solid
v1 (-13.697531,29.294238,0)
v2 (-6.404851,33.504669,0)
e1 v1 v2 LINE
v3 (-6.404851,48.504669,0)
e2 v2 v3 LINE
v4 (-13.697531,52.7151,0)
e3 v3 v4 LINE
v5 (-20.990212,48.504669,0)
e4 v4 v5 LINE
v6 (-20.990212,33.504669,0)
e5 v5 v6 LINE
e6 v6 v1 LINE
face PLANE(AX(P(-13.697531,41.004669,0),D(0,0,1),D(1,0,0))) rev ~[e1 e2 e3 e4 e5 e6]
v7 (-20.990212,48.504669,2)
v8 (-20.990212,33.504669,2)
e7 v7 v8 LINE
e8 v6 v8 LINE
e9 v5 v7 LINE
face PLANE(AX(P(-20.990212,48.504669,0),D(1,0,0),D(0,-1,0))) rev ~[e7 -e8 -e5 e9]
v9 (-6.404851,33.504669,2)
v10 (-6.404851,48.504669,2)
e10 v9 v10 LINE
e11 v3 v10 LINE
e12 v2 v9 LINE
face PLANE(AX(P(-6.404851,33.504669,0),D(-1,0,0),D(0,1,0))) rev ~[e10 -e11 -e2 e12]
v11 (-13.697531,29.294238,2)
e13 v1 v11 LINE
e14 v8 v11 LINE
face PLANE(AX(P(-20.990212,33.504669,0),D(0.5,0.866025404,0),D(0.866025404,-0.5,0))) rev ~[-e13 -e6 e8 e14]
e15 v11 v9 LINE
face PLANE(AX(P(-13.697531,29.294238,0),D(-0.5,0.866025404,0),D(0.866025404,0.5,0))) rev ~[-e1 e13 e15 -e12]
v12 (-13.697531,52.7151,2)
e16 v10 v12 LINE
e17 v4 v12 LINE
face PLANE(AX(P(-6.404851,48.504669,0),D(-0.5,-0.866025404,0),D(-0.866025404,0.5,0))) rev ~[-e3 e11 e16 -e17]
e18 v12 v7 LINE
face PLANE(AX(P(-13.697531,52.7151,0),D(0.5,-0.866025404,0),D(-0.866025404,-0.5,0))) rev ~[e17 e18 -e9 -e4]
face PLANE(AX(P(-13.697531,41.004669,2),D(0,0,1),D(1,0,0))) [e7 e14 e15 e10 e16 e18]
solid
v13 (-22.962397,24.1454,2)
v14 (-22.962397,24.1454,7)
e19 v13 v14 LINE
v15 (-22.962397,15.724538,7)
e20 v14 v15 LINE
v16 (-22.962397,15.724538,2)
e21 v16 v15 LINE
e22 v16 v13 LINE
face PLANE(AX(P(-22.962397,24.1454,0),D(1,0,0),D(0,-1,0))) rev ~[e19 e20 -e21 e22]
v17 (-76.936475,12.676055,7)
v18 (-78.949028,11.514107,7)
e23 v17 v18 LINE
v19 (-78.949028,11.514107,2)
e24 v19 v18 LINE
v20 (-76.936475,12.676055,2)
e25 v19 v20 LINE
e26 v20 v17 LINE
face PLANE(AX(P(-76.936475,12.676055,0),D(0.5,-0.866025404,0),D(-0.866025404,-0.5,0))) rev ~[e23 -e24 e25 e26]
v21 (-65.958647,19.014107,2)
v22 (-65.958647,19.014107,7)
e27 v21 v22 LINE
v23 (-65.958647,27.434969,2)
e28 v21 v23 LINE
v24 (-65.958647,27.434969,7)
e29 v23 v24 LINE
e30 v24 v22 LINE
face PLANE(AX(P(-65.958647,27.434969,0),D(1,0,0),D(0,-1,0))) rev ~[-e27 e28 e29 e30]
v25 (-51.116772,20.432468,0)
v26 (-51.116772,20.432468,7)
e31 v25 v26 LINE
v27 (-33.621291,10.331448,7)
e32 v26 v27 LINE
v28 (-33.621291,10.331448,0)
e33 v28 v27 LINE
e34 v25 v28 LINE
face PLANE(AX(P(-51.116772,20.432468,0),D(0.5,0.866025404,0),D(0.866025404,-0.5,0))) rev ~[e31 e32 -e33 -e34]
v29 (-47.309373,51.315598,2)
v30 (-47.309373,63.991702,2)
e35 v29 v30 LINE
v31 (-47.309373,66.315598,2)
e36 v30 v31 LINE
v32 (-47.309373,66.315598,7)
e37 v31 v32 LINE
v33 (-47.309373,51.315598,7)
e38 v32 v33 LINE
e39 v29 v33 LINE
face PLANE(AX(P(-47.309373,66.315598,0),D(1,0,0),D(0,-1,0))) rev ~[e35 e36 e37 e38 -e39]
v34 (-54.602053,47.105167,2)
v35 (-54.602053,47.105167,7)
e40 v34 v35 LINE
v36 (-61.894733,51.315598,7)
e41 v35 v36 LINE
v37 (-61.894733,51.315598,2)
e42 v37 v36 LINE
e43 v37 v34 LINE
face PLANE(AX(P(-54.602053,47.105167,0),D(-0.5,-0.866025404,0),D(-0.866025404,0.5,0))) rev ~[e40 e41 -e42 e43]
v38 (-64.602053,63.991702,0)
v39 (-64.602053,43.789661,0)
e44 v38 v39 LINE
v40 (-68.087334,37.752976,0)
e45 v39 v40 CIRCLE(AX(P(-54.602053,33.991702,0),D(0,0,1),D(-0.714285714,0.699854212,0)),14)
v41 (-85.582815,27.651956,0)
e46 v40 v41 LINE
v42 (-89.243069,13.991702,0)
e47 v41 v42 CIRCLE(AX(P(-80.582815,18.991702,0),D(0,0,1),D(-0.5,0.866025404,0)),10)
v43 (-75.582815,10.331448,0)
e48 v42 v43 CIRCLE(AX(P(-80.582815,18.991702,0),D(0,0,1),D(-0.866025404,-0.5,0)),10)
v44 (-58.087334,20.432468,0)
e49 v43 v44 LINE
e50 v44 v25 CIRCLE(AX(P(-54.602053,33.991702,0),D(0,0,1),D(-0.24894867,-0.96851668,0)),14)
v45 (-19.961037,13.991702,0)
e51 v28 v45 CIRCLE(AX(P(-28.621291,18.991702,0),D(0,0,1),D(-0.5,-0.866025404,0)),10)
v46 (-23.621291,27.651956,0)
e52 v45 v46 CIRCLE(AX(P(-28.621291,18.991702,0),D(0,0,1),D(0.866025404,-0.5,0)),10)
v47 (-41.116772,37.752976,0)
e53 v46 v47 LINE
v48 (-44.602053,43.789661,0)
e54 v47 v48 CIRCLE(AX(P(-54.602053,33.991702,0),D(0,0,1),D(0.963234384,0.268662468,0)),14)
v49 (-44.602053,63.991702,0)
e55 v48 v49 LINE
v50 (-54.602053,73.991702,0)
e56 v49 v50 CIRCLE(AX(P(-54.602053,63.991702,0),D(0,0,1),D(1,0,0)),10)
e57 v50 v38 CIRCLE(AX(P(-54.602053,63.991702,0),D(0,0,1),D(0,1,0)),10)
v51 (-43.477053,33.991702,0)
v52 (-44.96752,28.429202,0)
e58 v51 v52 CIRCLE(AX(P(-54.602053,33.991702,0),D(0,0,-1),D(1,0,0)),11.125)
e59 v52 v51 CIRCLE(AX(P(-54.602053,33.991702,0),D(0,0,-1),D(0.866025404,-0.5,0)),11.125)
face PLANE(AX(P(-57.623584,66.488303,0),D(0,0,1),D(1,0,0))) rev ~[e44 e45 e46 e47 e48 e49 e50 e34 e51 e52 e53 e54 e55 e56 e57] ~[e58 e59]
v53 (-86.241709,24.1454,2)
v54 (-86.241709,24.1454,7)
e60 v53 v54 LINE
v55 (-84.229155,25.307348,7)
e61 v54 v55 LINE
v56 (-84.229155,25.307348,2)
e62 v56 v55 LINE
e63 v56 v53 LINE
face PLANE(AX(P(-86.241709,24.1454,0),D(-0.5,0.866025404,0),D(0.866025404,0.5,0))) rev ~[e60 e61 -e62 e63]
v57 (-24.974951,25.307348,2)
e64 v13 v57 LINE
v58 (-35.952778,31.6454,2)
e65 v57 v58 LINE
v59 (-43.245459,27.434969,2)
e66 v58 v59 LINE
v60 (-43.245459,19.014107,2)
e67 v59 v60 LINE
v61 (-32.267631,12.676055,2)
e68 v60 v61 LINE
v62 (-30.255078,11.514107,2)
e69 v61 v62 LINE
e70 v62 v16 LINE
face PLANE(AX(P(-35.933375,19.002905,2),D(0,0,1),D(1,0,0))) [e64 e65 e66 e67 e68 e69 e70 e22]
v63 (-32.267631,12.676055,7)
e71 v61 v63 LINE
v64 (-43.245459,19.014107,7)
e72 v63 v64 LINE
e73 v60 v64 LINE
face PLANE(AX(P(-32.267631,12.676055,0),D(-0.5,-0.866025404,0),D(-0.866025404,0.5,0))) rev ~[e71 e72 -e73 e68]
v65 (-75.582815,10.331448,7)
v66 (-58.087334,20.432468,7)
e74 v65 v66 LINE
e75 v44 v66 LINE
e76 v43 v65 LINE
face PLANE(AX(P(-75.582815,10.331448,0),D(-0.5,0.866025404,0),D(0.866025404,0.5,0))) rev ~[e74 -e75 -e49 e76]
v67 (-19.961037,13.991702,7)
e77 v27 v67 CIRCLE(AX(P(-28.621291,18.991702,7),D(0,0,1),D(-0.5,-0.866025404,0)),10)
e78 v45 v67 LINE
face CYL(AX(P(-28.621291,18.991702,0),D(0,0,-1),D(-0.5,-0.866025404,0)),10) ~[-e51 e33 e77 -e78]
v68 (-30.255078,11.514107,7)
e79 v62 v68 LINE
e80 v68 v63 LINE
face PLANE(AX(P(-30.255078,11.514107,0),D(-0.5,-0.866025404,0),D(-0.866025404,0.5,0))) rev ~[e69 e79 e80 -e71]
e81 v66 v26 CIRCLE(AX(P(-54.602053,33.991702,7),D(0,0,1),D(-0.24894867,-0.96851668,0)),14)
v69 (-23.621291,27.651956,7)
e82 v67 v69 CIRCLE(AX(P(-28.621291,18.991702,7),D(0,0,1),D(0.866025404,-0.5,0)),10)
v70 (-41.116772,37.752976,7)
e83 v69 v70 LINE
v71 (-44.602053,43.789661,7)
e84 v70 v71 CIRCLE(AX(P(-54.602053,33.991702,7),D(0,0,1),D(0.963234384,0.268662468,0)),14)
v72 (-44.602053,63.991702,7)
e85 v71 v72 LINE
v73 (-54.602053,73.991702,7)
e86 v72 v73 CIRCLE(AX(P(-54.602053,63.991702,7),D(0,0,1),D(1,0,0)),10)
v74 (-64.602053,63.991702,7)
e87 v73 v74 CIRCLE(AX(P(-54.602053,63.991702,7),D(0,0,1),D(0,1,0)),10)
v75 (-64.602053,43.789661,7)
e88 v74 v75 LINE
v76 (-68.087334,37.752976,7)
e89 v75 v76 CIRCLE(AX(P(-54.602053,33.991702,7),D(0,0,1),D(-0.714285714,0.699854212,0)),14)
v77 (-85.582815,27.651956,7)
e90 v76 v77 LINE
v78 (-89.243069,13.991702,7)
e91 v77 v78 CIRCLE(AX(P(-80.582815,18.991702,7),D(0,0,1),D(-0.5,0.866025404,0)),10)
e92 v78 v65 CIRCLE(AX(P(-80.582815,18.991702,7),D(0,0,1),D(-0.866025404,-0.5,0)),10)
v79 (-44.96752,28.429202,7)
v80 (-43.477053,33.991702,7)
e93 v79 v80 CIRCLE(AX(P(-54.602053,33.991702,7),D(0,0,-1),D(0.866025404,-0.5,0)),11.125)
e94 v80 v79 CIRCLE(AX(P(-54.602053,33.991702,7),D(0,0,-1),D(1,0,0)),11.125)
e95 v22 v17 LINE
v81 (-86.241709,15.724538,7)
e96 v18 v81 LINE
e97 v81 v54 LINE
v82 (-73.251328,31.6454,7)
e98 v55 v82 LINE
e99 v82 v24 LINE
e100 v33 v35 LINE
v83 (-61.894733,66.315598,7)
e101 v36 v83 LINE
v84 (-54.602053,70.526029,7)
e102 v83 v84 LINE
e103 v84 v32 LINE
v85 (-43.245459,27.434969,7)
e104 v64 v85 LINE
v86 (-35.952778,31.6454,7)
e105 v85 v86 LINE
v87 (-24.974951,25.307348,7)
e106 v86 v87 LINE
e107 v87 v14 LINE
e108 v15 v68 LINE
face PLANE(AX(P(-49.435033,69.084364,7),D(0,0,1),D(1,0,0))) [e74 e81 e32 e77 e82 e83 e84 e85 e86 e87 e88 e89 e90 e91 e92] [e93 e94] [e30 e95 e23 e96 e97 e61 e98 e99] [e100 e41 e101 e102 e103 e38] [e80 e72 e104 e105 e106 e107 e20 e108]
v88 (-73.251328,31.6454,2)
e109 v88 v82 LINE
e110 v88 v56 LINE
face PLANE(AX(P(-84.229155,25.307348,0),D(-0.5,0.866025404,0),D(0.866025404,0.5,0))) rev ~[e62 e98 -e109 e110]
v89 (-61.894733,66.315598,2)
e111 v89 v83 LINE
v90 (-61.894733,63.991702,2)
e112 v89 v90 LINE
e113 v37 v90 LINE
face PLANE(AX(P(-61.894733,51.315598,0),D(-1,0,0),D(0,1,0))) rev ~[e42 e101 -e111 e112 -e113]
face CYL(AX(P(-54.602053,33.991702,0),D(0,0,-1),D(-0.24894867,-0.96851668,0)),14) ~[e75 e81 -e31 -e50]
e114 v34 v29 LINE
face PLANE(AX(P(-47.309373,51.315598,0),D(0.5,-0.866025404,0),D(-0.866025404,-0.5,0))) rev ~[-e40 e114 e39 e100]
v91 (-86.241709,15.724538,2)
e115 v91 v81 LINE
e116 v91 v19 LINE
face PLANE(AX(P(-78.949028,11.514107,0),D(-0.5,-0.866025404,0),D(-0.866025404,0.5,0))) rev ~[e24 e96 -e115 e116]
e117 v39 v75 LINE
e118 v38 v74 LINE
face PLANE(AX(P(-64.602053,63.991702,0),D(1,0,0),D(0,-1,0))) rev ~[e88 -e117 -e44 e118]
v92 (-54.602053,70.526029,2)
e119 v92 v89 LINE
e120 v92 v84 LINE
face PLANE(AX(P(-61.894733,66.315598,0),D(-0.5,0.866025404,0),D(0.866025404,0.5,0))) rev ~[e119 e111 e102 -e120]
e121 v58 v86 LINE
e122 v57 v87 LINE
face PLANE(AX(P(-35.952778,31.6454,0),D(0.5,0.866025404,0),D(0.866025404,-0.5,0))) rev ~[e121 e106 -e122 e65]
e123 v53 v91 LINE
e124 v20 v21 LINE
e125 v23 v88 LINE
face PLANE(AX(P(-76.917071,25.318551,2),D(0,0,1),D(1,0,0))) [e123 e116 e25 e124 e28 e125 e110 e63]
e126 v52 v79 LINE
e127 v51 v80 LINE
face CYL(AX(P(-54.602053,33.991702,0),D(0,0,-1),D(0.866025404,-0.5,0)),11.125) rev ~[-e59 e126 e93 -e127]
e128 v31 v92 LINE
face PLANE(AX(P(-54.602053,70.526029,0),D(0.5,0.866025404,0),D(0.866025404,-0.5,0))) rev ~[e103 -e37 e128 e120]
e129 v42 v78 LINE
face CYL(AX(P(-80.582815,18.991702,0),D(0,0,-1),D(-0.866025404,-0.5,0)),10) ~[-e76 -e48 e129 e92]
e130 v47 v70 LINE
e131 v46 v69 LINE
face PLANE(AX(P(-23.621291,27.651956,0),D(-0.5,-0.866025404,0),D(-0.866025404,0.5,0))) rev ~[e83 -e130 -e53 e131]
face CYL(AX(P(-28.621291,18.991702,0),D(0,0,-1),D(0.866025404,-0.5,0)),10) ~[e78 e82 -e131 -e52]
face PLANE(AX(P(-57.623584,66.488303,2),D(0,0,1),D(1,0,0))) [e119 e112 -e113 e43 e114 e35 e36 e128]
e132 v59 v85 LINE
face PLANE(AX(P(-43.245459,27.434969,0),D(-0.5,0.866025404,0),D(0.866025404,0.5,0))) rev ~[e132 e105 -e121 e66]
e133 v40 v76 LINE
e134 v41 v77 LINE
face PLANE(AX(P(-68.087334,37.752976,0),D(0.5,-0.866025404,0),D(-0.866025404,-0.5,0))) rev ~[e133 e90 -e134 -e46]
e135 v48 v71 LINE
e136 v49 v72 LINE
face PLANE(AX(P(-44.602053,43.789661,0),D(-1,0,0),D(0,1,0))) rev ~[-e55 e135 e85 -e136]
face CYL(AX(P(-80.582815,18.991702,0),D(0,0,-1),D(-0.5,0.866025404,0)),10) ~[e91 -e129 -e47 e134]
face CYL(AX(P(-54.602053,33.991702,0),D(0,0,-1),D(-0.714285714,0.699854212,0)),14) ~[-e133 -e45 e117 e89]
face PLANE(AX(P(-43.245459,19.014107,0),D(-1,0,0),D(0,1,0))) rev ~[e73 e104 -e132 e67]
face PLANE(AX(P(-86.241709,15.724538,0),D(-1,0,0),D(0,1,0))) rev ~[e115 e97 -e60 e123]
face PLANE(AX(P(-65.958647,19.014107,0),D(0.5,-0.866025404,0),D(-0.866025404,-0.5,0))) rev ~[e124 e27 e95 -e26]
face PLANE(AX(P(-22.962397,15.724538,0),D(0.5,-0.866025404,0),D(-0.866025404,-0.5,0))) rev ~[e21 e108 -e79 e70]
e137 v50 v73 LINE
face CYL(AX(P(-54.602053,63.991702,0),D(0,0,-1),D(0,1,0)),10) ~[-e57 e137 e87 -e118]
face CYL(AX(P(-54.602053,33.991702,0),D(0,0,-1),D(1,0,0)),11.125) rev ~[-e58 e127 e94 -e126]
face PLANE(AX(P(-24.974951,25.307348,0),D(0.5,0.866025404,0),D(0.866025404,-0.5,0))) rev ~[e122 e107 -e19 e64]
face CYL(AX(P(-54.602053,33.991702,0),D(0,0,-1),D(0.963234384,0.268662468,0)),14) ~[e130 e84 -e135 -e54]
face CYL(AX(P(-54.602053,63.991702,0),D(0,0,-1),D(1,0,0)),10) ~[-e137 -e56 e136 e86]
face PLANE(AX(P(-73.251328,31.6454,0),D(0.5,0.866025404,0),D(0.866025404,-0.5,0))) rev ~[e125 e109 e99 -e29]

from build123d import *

# Parameters (mm, degrees)
F2_DEPTH = 7
F0_W     = 7.2926804423
F0_H     = 12.6761035989
F3_DEPTH = 2
F4_DEPTH = 2


with BuildPart() as f2:
    # F0 (on Top) → F2 (new body)
    with BuildSketch(Plane.XY):
        with BuildLine():
            Line((-47.3093725741, 63.991701901), (-44.6020530164, 63.991701901))
            ThreePointArc((-44.6020530164, 63.991701901), (-47.5309852046, 71.0627697128), (-54.6020530164, 73.991701901))
            Line((-54.6020530164, 73.991701901), (-54.6020530164, 70.5260293186))
            Line((-54.6020530164, 70.5260293186), (-47.3093725741, 66.3155983021))
            Line((-47.3093725741, 66.3155983021), (-47.3093725741, 63.991701901))
        make_face()
        with BuildLine():
            Line((-44.6020530164, 43.7896608721), (-44.6020530164, 63.991701901))
            Line((-44.6020530164, 63.991701901), (-47.3093725741, 63.991701901))
            Line((-47.3093725741, 63.991701901), (-47.3093725741, 51.3155983021))
            Line((-47.3093725741, 51.3155983021), (-54.6020530164, 47.1051672856))
            Line((-54.6020530164, 47.1051672856), (-54.6020530164, 45.116701901))
            ThreePointArc((-54.6020530164, 45.116701901), (-46.7354900757, 41.8582648417), (-43.4770530164, 33.991701901))
            ThreePointArc((-43.4770530164, 33.991701901), (-43.856128199, 31.1123400242), (-44.9675203993, 28.429201901))
            Line((-44.9675203993, 28.429201901), (-43.2454588617, 27.4349692086))
            Line((-43.2454588617, 27.4349692086), (-35.9527784194, 31.6454002251))
            Line((-35.9527784194, 31.6454002251), (-24.9749506817, 25.3073484257))
            Line((-24.9749506817, 25.3073484257), (-23.6212909029, 27.6519559388))
            Line((-23.6212909029, 27.6519559388), (-41.1167716422, 37.7529764532))
            ThreePointArc((-41.1167716422, 37.7529764532), (-42.4776973634, 40.991701901), (-44.6020530164, 43.7896608721))
        make_face()
        with BuildLine():
            Line((-54.6020530164, 70.5260293186), (-54.6020530164, 73.991701901))
            ThreePointArc((-54.6020530164, 73.991701901), (-61.6731208283, 71.0627697128), (-64.6020530164, 63.991701901))
            Line((-64.6020530164, 63.991701901), (-61.8947334588, 63.991701901))
            Line((-61.8947334588, 63.991701901), (-61.8947334588, 66.3155983021))
            Line((-61.8947334588, 66.3155983021), (-54.6020530164, 70.5260293186))
        make_face()
        with BuildLine():
            Line((-61.8947334588, 63.991701901), (-64.6020530164, 63.991701901))
            Line((-64.6020530164, 63.991701901), (-64.6020530164, 43.7896608721))
            ThreePointArc((-64.6020530164, 43.7896608721), (-66.7264086694, 40.991701901), (-68.0873343907, 37.7529764532))
            Line((-68.0873343907, 37.7529764532), (-85.58281513, 27.6519559388))
            Line((-85.58281513, 27.6519559388), (-84.2291553511, 25.3073484257))
            Line((-84.2291553511, 25.3073484257), (-73.2513276135, 31.6454002251))
            Line((-73.2513276135, 31.6454002251), (-65.9586471712, 27.4349692086))
            Line((-65.9586471712, 27.4349692086), (-64.2365856335, 28.429201901))
            ThreePointArc((-64.2365856335, 28.429201901), (-64.2365856335, 39.554201901), (-54.6020530164, 45.116701901))
            Line((-54.6020530164, 45.116701901), (-54.6020530164, 47.1051672856))
            Line((-54.6020530164, 47.1051672856), (-61.8947334588, 51.3155983021))
            Line((-61.8947334588, 51.3155983021), (-61.8947334588, 63.991701901))
        make_face()
        with BuildLine():
            ThreePointArc((-19.961036865, 13.991701901), (-18.96203264, 21.579892352), (-23.6212909029, 27.6519559388))
            Line((-23.6212909029, 27.6519559388), (-24.9749506817, 25.3073484257))
            Line((-24.9749506817, 25.3073484257), (-22.9623973626, 24.1454002251))
            Line((-22.9623973626, 24.1454002251), (-22.9623973626, 15.7245381922))
            Line((-22.9623973626, 15.7245381922), (-19.961036865, 13.991701901))
        make_face()
        with BuildLine():
            ThreePointArc((-33.6212909029, 10.3314478631), (-26.0331004519, 9.3324436381), (-19.961036865, 13.991701901))
            Line((-19.961036865, 13.991701901), (-22.9623973626, 15.7245381922))
            Line((-22.9623973626, 15.7245381922), (-30.2550778049, 11.5141071757))
            Line((-30.2550778049, 11.5141071757), (-32.2676311241, 12.6760553762))
            Line((-32.2676311241, 12.6760553762), (-33.6212909029, 10.3314478631))
        make_face()
        with BuildLine():
            Line((-84.2291553511, 25.3073484257), (-85.58281513, 27.6519559388))
            ThreePointArc((-85.58281513, 27.6519559388), (-90.2420733928, 21.579892352), (-89.2430691678, 13.991701901))
            Line((-89.2430691678, 13.991701901), (-86.2417086703, 15.7245381922))
            Line((-86.2417086703, 15.7245381922), (-86.2417086703, 24.1454002251))
            Line((-86.2417086703, 24.1454002251), (-84.2291553511, 25.3073484257))
        make_face()
        with BuildLine():
            ThreePointArc((-44.9675203993, 28.429201901), (-54.6020530164, 22.866701901), (-64.2365856335, 28.429201901))
            Line((-64.2365856335, 28.429201901), (-65.9586471712, 27.4349692086))
            Line((-65.9586471712, 27.4349692086), (-65.9586471712, 19.0141071757))
            Line((-65.9586471712, 19.0141071757), (-76.9364749088, 12.6760553762))
            Line((-76.9364749088, 12.6760553762), (-75.58281513, 10.3314478631))
            Line((-75.58281513, 10.3314478631), (-58.0873343907, 20.4324683775))
            ThreePointArc((-58.0873343907, 20.4324683775), (-54.6020530164, 19.991701901), (-51.1167716422, 20.4324683775))
            Line((-51.1167716422, 20.4324683775), (-33.6212909029, 10.3314478631))
            Line((-33.6212909029, 10.3314478631), (-32.2676311241, 12.6760553762))
            Line((-32.2676311241, 12.6760553762), (-43.2454588617, 19.0141071757))
            Line((-43.2454588617, 19.0141071757), (-43.2454588617, 27.4349692086))
            Line((-43.2454588617, 27.4349692086), (-44.9675203993, 28.429201901))
        make_face()
        with BuildLine():
            Line((-86.2417086703, 15.7245381922), (-89.2430691678, 13.991701901))
            ThreePointArc((-89.2430691678, 13.991701901), (-83.171005581, 9.3324436381), (-75.58281513, 10.3314478631))
            Line((-75.58281513, 10.3314478631), (-76.9364749088, 12.6760553762))
            Line((-76.9364749088, 12.6760553762), (-78.9490282279, 11.5141071757))
            Line((-78.9490282279, 11.5141071757), (-86.2417086703, 15.7245381922))
        make_face()
    extrude(amount=F2_DEPTH)

    # F0 (on Top) → F3 (join)
    with BuildSketch(Plane.XY):
        Polygon((-54.6020530164, 63.991701901), (-54.6020530164, 70.5260293186), (-61.8947334588, 66.3155983021), (-61.8947334588, 63.991701901), align=None)
        Polygon((-54.6020530164, 63.991701901), (-47.3093725741, 63.991701901), (-47.3093725741, 66.3155983021), (-54.6020530164, 70.5260293186), align=None)
        with Locations((-50.9557127953, 57.6536501015)):
            Rectangle(F0_W, F0_H)
        with Locations((-58.2483932376, 57.6536501015)):
            Rectangle(F0_W, F0_H)
        Polygon((-54.6020530164, 47.1051672856), (-47.3093725741, 51.3155983021), (-54.6020530164, 51.3155983021), align=None)
        Polygon((-54.6020530164, 47.1051672856), (-54.6020530164, 51.3155983021), (-61.8947334588, 51.3155983021), align=None)
        Polygon((-73.2513276135, 31.6454002251), (-84.2291553511, 25.3073484257), (-80.58281513, 18.991701901), (-69.6049873923, 25.3297537004), align=None)
        Polygon((-69.6049873923, 25.3297537004), (-65.9586471712, 27.4349692086), (-73.2513276135, 31.6454002251), align=None)
        Polygon((-65.9586471712, 19.0141071757), (-65.9586471712, 27.4349692086), (-69.6049873923, 25.3297537004), align=None)
        Polygon((-69.6049873923, 25.3297537004), (-80.58281513, 18.991701901), (-76.9364749088, 12.6760553762), (-65.9586471712, 19.0141071757), align=None)
        Polygon((-76.9364749088, 12.6760553762), (-80.58281513, 18.991701901), (-86.2417086703, 15.7245381922), (-78.9490282279, 11.5141071757), align=None)
        Polygon((-80.58281513, 18.991701901), (-84.2291553511, 25.3073484257), (-86.2417086703, 24.1454002251), (-86.2417086703, 15.7245381922), align=None)
        Polygon((-32.2676311241, 12.6760553762), (-28.6212909029, 18.991701901), (-39.5991186405, 25.3297537004), (-43.2454588617, 19.0141071757), align=None)
        Polygon((-22.9623973626, 15.7245381922), (-28.6212909029, 18.991701901), (-32.2676311241, 12.6760553762), (-30.2550778049, 11.5141071757), align=None)
        Polygon((-22.9623973626, 24.1454002251), (-24.9749506817, 25.3073484257), (-28.6212909029, 18.991701901), (-22.9623973626, 15.7245381922), align=None)
        Polygon((-28.6212909029, 18.991701901), (-24.9749506817, 25.3073484257), (-35.9527784194, 31.6454002251), (-39.5991186405, 25.3297537004), align=None)
        Polygon((-39.5991186405, 25.3297537004), (-35.9527784194, 31.6454002251), (-43.2454588617, 27.4349692086), align=None)
        Polygon((-39.5991186405, 25.3297537004), (-43.2454588617, 27.4349692086), (-43.2454588617, 19.0141071757), align=None)
    extrude(amount=F3_DEPTH)


with BuildPart() as f4:
    # F1 (on face) → F4 (new body)
    with BuildSketch(Plane.XY):
        Polygon((-6.404850632, 33.5046689212), (-6.404850632, 48.5046689212), (-13.6975310743, 52.7150999377), (-20.9902115166, 48.5046689212), (-20.9902115166, 33.5046689212), (-13.6975310743, 29.2942379047), align=None)
    extrude(amount=F4_DEPTH)


solid = Compound([f2.part, f4.part])
